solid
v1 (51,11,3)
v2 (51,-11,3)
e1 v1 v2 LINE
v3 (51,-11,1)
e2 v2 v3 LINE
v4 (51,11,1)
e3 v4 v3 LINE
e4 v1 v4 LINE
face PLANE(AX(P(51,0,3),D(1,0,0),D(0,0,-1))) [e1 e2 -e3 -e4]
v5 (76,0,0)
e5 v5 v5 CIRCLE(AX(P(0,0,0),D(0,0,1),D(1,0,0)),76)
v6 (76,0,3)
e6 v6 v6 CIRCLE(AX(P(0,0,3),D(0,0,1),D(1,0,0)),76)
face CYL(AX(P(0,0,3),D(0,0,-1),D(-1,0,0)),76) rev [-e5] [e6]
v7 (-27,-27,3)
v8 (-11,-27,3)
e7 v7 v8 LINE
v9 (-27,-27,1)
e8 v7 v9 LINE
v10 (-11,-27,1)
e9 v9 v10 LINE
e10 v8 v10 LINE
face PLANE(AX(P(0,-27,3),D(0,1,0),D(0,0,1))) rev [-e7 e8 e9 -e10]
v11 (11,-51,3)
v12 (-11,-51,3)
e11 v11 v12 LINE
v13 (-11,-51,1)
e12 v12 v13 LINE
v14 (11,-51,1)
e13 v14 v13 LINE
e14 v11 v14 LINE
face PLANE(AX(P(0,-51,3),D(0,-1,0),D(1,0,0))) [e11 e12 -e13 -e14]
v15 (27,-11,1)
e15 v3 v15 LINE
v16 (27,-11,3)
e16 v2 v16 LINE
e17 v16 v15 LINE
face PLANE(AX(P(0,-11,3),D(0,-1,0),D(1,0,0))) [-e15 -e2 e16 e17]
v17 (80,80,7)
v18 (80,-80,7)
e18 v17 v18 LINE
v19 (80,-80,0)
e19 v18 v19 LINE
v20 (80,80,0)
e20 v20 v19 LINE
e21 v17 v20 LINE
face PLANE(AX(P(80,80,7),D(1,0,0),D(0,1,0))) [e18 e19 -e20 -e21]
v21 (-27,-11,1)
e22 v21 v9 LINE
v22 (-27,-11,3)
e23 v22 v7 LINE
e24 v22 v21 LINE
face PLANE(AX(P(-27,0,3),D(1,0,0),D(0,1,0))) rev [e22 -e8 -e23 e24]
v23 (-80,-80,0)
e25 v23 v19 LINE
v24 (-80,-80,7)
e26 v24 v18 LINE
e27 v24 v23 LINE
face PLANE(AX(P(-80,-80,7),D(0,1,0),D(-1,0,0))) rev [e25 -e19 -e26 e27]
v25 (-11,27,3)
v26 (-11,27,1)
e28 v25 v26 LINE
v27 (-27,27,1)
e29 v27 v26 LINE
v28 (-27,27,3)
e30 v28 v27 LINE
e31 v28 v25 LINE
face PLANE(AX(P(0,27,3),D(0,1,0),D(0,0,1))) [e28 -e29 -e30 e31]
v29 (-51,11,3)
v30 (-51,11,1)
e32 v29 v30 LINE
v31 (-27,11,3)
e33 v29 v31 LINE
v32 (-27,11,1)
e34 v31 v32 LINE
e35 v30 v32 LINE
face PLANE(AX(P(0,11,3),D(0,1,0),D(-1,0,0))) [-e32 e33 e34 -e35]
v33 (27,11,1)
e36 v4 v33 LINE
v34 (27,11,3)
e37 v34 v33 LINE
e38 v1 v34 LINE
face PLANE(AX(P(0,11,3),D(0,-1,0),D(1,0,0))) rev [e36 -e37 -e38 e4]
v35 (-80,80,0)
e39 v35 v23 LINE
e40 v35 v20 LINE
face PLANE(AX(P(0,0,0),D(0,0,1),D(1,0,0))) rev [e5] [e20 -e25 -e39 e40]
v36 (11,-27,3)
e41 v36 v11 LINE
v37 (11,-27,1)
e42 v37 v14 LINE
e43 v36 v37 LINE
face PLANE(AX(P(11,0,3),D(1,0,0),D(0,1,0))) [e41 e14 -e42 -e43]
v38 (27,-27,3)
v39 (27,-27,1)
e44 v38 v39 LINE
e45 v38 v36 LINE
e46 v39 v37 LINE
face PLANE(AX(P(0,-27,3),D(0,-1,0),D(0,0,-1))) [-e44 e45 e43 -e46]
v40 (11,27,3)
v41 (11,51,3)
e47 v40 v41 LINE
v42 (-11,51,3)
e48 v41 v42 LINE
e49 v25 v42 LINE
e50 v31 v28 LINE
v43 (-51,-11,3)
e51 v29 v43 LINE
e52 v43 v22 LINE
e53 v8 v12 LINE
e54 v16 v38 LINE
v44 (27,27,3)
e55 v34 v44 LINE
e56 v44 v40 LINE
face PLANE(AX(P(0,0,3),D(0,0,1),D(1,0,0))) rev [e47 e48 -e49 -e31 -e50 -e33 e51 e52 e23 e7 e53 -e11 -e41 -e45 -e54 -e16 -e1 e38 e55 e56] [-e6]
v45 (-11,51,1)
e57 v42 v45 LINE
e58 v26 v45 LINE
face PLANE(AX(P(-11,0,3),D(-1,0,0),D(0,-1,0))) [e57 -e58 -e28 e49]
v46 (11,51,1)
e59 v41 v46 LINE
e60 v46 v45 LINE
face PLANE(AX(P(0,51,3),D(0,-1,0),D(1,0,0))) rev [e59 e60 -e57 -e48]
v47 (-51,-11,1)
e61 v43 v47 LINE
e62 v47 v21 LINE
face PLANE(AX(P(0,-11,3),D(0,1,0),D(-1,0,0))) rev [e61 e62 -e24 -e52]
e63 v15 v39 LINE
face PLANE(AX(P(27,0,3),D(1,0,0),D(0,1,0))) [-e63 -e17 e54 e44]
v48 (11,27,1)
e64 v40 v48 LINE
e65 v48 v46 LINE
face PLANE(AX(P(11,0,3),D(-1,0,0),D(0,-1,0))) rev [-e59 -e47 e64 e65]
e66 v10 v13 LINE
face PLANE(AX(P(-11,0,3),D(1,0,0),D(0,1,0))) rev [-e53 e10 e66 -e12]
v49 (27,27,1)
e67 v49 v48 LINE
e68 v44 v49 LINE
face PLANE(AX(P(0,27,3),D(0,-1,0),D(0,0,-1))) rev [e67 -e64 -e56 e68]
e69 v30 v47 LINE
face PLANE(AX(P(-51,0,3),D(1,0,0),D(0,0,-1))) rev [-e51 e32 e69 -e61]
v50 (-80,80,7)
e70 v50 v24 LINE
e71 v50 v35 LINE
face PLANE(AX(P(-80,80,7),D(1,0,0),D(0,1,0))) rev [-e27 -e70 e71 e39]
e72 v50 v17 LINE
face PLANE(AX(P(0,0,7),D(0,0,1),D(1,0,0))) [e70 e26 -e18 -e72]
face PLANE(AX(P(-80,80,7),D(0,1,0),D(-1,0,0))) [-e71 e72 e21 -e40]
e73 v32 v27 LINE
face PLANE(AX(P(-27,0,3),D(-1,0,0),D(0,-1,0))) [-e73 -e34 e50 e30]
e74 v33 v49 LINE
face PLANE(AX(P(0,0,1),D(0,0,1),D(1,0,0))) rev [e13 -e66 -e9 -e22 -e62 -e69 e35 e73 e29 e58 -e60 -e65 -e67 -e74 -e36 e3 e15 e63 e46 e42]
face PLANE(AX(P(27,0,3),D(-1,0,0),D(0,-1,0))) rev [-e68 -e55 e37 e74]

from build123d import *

# Parameters (mm, degrees)
SKICA1_W                 = 160
SKICA1_H                 = 160
P_IDAT_VYSUNUT_M1_DEPTH  = 7
ODEBRAT_VYSUNUT_M1_DEPTH = 1
SKICA1_6_R               = 76
ODEBRAT_VYSUNUT_M3_DEPTH = 3


with BuildPart() as part:
    # Skica1 → Přidat vysunutím1 (new body)
    with BuildSketch(Plane.XY):
        Rectangle(SKICA1_W, SKICA1_H)
    extrude(amount=P_IDAT_VYSUNUT_M1_DEPTH)

    # Skica1<5> → Odebrat vysunutím1 (cut)
    with BuildSketch(Plane.XY):
        Polygon((11, 27), (11, 51), (-11, 51), (-11, 27), (-27, 27), (-27, 11), (-51, 11), (-51, -11), (-27, -11), (-27, -27), (-11, -27), (-11, -51), (11, -51), (11, -27), (27, -27), (27, -11), (51, -11), (51, 11), (27, 11), (27, 27), align=None)
    extrude(amount=ODEBRAT_VYSUNUT_M1_DEPTH, mode=Mode.SUBTRACT)

    # Skica1<6> → Odebrat vysunutím3 (cut)
    with BuildSketch(Plane.XY):
        Circle(SKICA1_6_R)
        Polygon((-11, 51), (11, 51), (11, 27), (27, 27), (27, 11), (51, 11), (51, -11), (27, -11), (27, -27), (11, -27), (11, -51), (-11, -51), (-11, -27), (-27, -27), (-27, -11), (-51, -11), (-51, 11), (-27, 11), (-27, 27), (-11, 27), align=None, mode=Mode.SUBTRACT)
    extrude(amount=ODEBRAT_VYSUNUT_M3_DEPTH, mode=Mode.SUBTRACT)


solid = part.part
